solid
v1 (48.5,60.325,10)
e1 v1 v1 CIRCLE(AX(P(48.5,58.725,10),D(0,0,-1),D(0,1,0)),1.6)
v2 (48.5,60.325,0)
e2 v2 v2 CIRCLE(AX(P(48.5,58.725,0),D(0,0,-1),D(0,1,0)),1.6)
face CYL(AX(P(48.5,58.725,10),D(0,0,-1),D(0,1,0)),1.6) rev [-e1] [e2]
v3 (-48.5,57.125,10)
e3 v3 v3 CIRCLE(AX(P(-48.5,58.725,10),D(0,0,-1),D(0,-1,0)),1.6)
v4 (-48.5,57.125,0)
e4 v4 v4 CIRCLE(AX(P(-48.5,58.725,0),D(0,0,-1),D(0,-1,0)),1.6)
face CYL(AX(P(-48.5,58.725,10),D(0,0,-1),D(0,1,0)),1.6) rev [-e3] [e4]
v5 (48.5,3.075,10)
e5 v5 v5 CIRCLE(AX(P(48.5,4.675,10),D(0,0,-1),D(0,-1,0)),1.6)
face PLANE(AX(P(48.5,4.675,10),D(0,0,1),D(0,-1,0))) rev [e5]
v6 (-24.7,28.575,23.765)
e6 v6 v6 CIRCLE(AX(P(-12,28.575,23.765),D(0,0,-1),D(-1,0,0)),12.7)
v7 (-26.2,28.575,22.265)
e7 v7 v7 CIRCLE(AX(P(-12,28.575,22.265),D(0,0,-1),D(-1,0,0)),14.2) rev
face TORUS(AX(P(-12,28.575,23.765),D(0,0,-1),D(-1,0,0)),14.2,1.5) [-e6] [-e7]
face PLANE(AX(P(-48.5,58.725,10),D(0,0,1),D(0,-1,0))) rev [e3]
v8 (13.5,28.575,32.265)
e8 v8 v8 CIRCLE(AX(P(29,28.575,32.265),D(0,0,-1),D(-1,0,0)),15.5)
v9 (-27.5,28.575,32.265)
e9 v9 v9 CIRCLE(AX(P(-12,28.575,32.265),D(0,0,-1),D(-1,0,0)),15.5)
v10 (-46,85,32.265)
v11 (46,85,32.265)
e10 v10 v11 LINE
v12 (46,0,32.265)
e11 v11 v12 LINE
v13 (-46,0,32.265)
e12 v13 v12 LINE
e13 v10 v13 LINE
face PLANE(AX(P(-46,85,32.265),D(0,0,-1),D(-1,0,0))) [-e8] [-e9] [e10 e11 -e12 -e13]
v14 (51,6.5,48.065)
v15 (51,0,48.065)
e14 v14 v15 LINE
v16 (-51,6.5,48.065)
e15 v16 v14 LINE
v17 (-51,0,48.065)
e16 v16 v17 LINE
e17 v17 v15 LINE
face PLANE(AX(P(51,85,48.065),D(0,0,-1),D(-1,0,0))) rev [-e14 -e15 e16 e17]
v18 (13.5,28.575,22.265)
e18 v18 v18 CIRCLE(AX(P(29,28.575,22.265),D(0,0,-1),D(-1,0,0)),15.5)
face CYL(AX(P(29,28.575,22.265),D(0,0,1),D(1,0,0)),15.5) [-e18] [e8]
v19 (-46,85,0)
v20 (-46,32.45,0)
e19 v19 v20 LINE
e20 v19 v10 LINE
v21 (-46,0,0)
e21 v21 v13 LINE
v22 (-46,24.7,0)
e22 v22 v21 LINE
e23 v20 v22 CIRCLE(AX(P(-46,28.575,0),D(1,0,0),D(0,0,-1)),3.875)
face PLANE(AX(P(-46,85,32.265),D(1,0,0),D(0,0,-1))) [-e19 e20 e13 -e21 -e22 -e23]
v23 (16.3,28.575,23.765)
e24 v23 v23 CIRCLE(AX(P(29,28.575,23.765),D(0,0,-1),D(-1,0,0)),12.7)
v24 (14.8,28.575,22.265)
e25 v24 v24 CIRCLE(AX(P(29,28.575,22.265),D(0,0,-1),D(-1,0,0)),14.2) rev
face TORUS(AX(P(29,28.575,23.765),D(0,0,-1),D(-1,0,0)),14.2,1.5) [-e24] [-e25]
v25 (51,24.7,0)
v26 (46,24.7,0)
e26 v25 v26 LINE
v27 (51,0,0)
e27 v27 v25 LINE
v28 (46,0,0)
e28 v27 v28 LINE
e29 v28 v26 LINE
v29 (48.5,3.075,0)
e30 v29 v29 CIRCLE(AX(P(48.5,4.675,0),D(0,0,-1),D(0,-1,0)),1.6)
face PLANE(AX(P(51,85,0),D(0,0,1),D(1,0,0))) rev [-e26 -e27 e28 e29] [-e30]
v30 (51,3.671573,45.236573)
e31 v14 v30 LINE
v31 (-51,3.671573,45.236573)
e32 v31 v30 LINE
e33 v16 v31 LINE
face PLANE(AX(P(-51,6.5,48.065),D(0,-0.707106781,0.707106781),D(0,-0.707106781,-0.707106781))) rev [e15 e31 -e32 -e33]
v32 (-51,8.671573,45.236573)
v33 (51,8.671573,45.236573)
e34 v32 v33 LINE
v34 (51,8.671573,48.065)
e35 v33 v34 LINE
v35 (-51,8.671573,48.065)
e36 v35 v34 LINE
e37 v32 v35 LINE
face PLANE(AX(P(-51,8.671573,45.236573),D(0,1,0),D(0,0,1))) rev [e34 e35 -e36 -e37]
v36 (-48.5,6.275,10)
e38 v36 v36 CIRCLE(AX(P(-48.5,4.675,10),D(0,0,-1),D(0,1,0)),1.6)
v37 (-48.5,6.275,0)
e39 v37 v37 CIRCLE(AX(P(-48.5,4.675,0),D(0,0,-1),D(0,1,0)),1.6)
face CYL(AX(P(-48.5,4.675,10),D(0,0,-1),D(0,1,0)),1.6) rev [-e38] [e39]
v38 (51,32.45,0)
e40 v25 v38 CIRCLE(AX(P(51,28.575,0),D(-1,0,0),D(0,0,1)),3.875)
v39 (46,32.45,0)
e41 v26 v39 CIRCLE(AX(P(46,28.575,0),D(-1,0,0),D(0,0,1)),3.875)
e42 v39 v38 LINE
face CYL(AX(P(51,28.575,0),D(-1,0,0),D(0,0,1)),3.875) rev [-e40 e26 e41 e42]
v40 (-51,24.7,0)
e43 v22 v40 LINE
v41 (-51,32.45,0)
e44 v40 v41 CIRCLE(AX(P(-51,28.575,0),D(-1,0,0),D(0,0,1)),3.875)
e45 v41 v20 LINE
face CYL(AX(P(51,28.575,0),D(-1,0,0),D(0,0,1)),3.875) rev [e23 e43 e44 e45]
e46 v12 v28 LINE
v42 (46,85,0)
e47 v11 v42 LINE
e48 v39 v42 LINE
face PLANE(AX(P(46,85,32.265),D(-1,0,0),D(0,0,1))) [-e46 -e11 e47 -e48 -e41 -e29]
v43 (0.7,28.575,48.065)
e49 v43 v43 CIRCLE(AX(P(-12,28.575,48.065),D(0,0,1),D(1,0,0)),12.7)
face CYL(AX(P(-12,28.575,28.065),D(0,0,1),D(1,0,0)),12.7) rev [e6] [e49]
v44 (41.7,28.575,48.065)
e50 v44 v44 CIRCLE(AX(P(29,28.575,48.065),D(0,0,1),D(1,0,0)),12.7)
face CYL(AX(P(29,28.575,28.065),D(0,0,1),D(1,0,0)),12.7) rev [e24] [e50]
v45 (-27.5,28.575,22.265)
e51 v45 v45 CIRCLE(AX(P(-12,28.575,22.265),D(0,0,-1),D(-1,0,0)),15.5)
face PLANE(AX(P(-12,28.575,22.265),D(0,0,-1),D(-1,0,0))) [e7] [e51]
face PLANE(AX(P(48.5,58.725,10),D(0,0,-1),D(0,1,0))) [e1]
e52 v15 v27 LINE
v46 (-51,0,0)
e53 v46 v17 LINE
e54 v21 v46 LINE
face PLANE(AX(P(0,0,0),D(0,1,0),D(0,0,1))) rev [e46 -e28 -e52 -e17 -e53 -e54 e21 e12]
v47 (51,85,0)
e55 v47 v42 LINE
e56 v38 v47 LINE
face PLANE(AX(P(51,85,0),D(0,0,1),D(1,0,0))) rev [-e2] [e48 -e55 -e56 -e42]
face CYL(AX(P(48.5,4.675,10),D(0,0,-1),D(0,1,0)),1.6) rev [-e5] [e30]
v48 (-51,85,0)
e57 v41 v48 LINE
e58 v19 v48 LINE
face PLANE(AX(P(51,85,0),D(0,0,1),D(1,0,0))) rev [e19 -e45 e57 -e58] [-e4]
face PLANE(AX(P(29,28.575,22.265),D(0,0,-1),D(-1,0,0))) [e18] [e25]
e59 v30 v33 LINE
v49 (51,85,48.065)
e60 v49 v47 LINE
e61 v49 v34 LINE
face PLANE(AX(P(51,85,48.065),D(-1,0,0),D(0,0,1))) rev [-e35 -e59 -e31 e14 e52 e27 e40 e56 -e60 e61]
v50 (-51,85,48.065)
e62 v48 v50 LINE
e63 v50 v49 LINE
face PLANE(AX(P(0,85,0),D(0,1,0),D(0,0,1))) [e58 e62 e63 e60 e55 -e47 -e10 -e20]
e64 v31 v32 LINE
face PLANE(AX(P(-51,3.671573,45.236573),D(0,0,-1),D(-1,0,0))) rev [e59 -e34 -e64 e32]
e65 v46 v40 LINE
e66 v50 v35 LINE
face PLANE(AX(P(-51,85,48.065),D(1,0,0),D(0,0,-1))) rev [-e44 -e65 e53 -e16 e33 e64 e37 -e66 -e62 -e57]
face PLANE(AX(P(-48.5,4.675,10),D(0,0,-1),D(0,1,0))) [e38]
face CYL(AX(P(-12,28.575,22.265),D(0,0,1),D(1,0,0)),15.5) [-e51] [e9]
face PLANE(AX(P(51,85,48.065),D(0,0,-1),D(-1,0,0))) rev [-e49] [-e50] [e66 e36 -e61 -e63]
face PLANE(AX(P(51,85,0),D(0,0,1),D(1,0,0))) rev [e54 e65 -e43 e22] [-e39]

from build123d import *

# Parameters (mm, degrees)
SKETCH2_W           = 102
SKETCH2_H           = 96.13
SKETCH2_W_2         = 92
SKETCH2_H_2         = 64.53
BOSS_EXTRUDE1_DEPTH = 85
SKETCH8_R           = 12.7
CUT_EXTRUDE7_DEPTH  = 20
SKETCH9_R           = 10
CUT_EXTRUDE8_DEPTH  = 20
SKETCH10_R          = 3.875
CUT_EXTRUDE9_DEPTH  = 142.206388754
SKETCH11_W          = 48.065
SKETCH11_H          = 85
CUT_EXTRUDE11_DEPTH = 142.206388754
SKETCH12_R          = 1.6
CUT_EXTRUDE12_DEPTH = 10
SKETCH14_R          = 15.5
SKETCH14_R_2        = 12.7
BOSS_EXTRUDE2_DEPTH = 10
FILLET1_R           = 1.5
CUT_EXTRUDE13_DEPTH = 142.206388754


with BuildPart() as part:
    # Sketch2 → Boss-Extrude1 (new body)
    with BuildSketch(Plane(origin=(0, 0, 0), x_dir=(1, 0, 0), z_dir=(0, 1, 0))):
        Rectangle(SKETCH2_W, SKETCH2_H)
        Rectangle(SKETCH2_W_2, SKETCH2_H_2, mode=Mode.SUBTRACT)
    extrude(amount=BOSS_EXTRUDE1_DEPTH)

    # Sketch8 → Cut-Extrude7 (cut)
    with BuildSketch(Plane.XY.offset(48.065)):
        with Locations((-12, 28.575)):
            Circle(SKETCH8_R)
        with Locations((29, 28.575)):
            Circle(SKETCH8_R)
    extrude(amount=-CUT_EXTRUDE7_DEPTH, mode=Mode.SUBTRACT)

    # Sketch9 → Cut-Extrude8 (cut)
    with BuildSketch(Plane(origin=(0, 0, -48.065), x_dir=(-1, 0, 0), z_dir=(0, 0, -1))):
        with Locations((-31, 31.7)):
            Circle(SKETCH9_R)
        with Locations((29, 31.7)):
            Circle(SKETCH9_R)
    extrude(amount=-CUT_EXTRUDE8_DEPTH, mode=Mode.SUBTRACT)

    # Sketch10 → Cut-Extrude9 (cut, through all)
    with BuildSketch(Plane.ZY.offset(51)):
        with Locations((0, 28.575)):
            Circle(SKETCH10_R)
    extrude(amount=-CUT_EXTRUDE9_DEPTH, mode=Mode.SUBTRACT)

    # Sketch11 → Cut-Extrude11 (cut, through all)
    with BuildSketch(Plane.ZY.offset(51)):
        with Locations((-24.0325, 42.5)):
            Rectangle(SKETCH11_W, SKETCH11_H)
    extrude(amount=-CUT_EXTRUDE11_DEPTH, mode=Mode.SUBTRACT)

    # Sketch12 → Cut-Extrude12 (cut)
    with BuildSketch(Plane(origin=(0, 0, 0), x_dir=(-1, 0, 0), z_dir=(0, 0, -1))):
        with Locations(Location((-48.5, 58.725, 0), (0, 0, 90))):
            Circle(SKETCH12_R)
        with Locations(Location((-48.5, 4.675, 0), (0, 0, 270))):
            Circle(SKETCH12_R)
        with Locations(Location((48.5, 4.675, 0), (0, 0, 90))):
            Circle(SKETCH12_R)
        with Locations(Location((48.5, 58.725, 0), (0, 0, 270))):
            Circle(SKETCH12_R)
    extrude(amount=-CUT_EXTRUDE12_DEPTH, mode=Mode.SUBTRACT)

    # Sketch14 → Boss-Extrude2 (add)
    # profile 1 of 2: a face of its own
    with BuildSketch(Plane(origin=(0, 0, 32.265), x_dir=(-1, 0, 0), z_dir=(0, 0, -1))):
        with Locations((-29, 28.575)):
            Circle(SKETCH14_R)
        with Locations(Location((-29, 28.575, 0), (0, 0, 180))):
            Circle(SKETCH14_R_2, mode=Mode.SUBTRACT)
    # profile 2 of 2: a face of its own
    with BuildSketch(Plane(origin=(0, 0, 32.265), x_dir=(-1, 0, 0), z_dir=(0, 0, -1))):
        with Locations((12, 28.575)):
            Circle(SKETCH14_R)
        with Locations(Location((12, 28.575, 0), (0, 0, 180))):
            Circle(SKETCH14_R_2, mode=Mode.SUBTRACT)
    extrude(amount=BOSS_EXTRUDE2_DEPTH)

    # Fillet1
    fillet1_edges = [part.edges().sort_by_distance(p)[0] for p in [
        (16.3, 28.575, 22.265),
        (-24.7, 28.575, 22.265),
    ]]
    fillet(fillet1_edges, radius=FILLET1_R)

    # Sketch15 → Cut-Extrude13 (cut, through all)
    with BuildSketch(Plane(origin=(51, 0, 0), x_dir=(0, 0, -1), z_dir=(1, 0, 0))):
        Polygon((-48.065, 6.5), (-45.236572875, 3.671572875), (-45.236572875, 8.671572875), (-48.065, 8.671572875), align=None)
    extrude(amount=-CUT_EXTRUDE13_DEPTH, mode=Mode.SUBTRACT)


solid = part.part
